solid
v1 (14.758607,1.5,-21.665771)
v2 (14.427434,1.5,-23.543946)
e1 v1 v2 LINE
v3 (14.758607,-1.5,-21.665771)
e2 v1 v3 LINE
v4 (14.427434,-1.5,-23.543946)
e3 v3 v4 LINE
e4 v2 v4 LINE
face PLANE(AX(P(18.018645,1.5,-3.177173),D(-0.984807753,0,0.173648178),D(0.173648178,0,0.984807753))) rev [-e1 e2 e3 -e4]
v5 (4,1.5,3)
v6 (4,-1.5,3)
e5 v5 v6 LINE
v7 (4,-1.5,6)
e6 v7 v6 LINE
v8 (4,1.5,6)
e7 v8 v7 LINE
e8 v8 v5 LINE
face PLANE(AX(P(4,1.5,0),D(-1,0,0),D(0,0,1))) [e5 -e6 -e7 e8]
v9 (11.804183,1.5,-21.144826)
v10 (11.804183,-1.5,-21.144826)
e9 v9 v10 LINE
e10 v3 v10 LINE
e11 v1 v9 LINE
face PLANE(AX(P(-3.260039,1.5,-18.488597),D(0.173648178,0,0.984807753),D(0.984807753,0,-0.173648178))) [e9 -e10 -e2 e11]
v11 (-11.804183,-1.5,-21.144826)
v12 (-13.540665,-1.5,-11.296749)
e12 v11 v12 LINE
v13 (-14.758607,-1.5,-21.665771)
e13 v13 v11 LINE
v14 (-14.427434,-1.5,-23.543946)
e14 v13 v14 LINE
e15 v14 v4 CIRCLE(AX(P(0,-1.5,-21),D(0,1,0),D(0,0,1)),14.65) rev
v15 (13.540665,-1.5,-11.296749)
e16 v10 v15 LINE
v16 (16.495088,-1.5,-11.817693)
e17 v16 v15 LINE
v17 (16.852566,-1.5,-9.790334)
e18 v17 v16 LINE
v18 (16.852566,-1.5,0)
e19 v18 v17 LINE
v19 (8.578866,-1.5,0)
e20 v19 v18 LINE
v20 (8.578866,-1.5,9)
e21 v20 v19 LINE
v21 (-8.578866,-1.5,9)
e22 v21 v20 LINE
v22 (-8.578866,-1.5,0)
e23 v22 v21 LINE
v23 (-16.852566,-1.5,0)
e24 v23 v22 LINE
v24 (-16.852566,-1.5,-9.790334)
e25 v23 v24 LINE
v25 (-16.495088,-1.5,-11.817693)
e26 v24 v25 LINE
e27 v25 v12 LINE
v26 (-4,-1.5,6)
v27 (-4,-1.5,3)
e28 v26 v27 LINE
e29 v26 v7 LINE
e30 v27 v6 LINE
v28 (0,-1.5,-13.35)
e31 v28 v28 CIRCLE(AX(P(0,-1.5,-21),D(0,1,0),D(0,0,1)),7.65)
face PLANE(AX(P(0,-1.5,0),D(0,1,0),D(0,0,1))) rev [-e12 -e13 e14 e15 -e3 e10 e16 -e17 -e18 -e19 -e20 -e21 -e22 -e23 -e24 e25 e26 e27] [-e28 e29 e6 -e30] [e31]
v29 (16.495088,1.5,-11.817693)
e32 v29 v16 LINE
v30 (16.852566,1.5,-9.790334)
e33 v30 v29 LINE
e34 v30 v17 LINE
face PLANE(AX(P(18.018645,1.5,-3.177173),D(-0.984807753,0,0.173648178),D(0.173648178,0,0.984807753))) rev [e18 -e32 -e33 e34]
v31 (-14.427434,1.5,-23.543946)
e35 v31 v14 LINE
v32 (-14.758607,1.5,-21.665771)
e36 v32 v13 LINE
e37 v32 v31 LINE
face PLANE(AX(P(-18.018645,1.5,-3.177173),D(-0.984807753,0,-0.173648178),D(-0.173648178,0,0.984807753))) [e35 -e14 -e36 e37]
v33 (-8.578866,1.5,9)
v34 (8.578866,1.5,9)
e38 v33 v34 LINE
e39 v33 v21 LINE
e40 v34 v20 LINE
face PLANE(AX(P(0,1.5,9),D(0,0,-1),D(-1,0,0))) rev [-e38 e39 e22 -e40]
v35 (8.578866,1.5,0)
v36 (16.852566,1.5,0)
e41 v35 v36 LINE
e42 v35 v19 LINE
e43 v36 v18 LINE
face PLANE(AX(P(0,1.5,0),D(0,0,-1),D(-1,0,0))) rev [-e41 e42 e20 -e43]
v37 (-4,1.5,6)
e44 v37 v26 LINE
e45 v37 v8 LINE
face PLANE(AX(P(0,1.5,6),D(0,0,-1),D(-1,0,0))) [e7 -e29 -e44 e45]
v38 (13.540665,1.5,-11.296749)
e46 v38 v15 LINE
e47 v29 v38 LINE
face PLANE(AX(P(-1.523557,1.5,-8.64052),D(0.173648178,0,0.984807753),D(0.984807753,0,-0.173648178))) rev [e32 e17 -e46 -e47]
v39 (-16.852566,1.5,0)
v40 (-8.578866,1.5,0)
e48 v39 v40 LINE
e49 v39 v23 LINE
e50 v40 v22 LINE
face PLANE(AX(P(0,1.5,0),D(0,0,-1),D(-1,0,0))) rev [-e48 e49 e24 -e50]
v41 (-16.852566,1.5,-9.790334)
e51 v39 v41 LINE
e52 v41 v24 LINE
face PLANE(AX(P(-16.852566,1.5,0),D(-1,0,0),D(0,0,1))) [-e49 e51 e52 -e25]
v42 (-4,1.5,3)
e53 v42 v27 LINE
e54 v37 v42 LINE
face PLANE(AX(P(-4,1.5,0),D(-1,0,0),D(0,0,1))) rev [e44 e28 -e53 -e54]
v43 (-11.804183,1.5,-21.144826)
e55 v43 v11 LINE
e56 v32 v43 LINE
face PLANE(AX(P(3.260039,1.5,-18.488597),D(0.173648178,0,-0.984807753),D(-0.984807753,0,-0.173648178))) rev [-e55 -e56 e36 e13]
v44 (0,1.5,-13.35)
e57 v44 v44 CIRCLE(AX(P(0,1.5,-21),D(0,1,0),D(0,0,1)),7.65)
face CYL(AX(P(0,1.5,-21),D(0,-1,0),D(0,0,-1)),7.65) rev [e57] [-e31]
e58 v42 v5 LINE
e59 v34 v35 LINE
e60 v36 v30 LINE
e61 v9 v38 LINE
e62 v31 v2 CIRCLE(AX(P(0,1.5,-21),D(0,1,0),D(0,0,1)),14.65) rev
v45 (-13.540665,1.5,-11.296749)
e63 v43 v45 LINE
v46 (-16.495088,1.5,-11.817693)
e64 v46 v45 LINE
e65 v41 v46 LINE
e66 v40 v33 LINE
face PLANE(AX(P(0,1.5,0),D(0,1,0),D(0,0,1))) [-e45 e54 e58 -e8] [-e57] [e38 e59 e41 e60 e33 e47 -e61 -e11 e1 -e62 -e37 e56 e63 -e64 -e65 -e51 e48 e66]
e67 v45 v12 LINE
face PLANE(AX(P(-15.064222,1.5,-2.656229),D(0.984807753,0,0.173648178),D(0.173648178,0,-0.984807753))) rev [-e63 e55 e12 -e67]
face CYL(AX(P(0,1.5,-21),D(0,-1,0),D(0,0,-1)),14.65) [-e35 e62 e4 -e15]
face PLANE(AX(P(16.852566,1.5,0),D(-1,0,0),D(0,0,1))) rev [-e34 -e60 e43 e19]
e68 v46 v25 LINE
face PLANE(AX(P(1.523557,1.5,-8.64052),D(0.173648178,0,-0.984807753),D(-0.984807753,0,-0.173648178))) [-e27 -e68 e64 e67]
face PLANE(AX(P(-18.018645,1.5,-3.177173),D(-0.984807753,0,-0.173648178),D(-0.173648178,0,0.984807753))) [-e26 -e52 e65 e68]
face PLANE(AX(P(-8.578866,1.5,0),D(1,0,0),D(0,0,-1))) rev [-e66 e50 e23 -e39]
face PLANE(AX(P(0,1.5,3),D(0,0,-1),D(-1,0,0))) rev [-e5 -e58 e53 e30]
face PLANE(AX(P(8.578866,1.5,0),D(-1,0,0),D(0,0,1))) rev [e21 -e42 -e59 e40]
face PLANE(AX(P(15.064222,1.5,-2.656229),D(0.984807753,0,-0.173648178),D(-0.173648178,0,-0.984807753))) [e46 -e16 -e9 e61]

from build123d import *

# Parameters (mm, degrees)
SKETCH1_R           = 7.65
SKETCH1_W           = 8
SKETCH1_H           = 3
BOSS_EXTRUDE1_DEPTH = 1.5


with BuildPart() as part:
    # Sketch1 → Boss-Extrude1 (new, symmetric)
    with BuildSketch(Plane(origin=(0, 0, 0), x_dir=(1, 0, 0), z_dir=(0, 1, 0))):
        with BuildLine():
            Line((-16.852566459, 9.790333805), (-16.852566459, 0))
            Line((-16.852566459, 0), (-8.578866459, 0))
            Line((-8.578866459, 0), (-8.578866459, -9))
            Line((-8.578866459, -9), (8.578866459, -9))
            Line((8.578866459, -9), (8.578866459, 0))
            Line((8.578866459, 0), (16.852566459, 0))
            Line((16.852566459, 0), (16.852566459, 9.790333805))
            Line((16.852566459, 9.790333805), (16.495088327, 11.817693036))
            Line((16.495088327, 11.817693036), (13.540665068, 11.296748503))
            Line((13.540665068, 11.296748503), (11.804183291, 21.144826033))
            Line((11.804183291, 21.144826033), (14.75860655, 21.665770566))
            Line((14.75860655, 21.665770566), (14.427433582, 23.543945803))
            ThreePointArc((14.427433582, 23.543945803), (0, 35.65), (-14.427433582, 23.543945803))
            Line((-14.427433582, 23.543945803), (-14.75860655, 21.665770566))
            Line((-14.75860655, 21.665770566), (-11.804183291, 21.144826033))
            Line((-11.804183291, 21.144826033), (-13.540665068, 11.296748503))
            Line((-13.540665068, 11.296748503), (-16.495088327, 11.817693036))
            Line((-16.495088327, 11.817693036), (-16.852566459, 9.790333805))
        make_face()
        with Locations((0, 21)):
            Circle(SKETCH1_R, mode=Mode.SUBTRACT)
        with Locations((0, -4.5)):
            Rectangle(SKETCH1_W, SKETCH1_H, mode=Mode.SUBTRACT)
    extrude(amount=BOSS_EXTRUDE1_DEPTH, both=True)


solid = part.part
